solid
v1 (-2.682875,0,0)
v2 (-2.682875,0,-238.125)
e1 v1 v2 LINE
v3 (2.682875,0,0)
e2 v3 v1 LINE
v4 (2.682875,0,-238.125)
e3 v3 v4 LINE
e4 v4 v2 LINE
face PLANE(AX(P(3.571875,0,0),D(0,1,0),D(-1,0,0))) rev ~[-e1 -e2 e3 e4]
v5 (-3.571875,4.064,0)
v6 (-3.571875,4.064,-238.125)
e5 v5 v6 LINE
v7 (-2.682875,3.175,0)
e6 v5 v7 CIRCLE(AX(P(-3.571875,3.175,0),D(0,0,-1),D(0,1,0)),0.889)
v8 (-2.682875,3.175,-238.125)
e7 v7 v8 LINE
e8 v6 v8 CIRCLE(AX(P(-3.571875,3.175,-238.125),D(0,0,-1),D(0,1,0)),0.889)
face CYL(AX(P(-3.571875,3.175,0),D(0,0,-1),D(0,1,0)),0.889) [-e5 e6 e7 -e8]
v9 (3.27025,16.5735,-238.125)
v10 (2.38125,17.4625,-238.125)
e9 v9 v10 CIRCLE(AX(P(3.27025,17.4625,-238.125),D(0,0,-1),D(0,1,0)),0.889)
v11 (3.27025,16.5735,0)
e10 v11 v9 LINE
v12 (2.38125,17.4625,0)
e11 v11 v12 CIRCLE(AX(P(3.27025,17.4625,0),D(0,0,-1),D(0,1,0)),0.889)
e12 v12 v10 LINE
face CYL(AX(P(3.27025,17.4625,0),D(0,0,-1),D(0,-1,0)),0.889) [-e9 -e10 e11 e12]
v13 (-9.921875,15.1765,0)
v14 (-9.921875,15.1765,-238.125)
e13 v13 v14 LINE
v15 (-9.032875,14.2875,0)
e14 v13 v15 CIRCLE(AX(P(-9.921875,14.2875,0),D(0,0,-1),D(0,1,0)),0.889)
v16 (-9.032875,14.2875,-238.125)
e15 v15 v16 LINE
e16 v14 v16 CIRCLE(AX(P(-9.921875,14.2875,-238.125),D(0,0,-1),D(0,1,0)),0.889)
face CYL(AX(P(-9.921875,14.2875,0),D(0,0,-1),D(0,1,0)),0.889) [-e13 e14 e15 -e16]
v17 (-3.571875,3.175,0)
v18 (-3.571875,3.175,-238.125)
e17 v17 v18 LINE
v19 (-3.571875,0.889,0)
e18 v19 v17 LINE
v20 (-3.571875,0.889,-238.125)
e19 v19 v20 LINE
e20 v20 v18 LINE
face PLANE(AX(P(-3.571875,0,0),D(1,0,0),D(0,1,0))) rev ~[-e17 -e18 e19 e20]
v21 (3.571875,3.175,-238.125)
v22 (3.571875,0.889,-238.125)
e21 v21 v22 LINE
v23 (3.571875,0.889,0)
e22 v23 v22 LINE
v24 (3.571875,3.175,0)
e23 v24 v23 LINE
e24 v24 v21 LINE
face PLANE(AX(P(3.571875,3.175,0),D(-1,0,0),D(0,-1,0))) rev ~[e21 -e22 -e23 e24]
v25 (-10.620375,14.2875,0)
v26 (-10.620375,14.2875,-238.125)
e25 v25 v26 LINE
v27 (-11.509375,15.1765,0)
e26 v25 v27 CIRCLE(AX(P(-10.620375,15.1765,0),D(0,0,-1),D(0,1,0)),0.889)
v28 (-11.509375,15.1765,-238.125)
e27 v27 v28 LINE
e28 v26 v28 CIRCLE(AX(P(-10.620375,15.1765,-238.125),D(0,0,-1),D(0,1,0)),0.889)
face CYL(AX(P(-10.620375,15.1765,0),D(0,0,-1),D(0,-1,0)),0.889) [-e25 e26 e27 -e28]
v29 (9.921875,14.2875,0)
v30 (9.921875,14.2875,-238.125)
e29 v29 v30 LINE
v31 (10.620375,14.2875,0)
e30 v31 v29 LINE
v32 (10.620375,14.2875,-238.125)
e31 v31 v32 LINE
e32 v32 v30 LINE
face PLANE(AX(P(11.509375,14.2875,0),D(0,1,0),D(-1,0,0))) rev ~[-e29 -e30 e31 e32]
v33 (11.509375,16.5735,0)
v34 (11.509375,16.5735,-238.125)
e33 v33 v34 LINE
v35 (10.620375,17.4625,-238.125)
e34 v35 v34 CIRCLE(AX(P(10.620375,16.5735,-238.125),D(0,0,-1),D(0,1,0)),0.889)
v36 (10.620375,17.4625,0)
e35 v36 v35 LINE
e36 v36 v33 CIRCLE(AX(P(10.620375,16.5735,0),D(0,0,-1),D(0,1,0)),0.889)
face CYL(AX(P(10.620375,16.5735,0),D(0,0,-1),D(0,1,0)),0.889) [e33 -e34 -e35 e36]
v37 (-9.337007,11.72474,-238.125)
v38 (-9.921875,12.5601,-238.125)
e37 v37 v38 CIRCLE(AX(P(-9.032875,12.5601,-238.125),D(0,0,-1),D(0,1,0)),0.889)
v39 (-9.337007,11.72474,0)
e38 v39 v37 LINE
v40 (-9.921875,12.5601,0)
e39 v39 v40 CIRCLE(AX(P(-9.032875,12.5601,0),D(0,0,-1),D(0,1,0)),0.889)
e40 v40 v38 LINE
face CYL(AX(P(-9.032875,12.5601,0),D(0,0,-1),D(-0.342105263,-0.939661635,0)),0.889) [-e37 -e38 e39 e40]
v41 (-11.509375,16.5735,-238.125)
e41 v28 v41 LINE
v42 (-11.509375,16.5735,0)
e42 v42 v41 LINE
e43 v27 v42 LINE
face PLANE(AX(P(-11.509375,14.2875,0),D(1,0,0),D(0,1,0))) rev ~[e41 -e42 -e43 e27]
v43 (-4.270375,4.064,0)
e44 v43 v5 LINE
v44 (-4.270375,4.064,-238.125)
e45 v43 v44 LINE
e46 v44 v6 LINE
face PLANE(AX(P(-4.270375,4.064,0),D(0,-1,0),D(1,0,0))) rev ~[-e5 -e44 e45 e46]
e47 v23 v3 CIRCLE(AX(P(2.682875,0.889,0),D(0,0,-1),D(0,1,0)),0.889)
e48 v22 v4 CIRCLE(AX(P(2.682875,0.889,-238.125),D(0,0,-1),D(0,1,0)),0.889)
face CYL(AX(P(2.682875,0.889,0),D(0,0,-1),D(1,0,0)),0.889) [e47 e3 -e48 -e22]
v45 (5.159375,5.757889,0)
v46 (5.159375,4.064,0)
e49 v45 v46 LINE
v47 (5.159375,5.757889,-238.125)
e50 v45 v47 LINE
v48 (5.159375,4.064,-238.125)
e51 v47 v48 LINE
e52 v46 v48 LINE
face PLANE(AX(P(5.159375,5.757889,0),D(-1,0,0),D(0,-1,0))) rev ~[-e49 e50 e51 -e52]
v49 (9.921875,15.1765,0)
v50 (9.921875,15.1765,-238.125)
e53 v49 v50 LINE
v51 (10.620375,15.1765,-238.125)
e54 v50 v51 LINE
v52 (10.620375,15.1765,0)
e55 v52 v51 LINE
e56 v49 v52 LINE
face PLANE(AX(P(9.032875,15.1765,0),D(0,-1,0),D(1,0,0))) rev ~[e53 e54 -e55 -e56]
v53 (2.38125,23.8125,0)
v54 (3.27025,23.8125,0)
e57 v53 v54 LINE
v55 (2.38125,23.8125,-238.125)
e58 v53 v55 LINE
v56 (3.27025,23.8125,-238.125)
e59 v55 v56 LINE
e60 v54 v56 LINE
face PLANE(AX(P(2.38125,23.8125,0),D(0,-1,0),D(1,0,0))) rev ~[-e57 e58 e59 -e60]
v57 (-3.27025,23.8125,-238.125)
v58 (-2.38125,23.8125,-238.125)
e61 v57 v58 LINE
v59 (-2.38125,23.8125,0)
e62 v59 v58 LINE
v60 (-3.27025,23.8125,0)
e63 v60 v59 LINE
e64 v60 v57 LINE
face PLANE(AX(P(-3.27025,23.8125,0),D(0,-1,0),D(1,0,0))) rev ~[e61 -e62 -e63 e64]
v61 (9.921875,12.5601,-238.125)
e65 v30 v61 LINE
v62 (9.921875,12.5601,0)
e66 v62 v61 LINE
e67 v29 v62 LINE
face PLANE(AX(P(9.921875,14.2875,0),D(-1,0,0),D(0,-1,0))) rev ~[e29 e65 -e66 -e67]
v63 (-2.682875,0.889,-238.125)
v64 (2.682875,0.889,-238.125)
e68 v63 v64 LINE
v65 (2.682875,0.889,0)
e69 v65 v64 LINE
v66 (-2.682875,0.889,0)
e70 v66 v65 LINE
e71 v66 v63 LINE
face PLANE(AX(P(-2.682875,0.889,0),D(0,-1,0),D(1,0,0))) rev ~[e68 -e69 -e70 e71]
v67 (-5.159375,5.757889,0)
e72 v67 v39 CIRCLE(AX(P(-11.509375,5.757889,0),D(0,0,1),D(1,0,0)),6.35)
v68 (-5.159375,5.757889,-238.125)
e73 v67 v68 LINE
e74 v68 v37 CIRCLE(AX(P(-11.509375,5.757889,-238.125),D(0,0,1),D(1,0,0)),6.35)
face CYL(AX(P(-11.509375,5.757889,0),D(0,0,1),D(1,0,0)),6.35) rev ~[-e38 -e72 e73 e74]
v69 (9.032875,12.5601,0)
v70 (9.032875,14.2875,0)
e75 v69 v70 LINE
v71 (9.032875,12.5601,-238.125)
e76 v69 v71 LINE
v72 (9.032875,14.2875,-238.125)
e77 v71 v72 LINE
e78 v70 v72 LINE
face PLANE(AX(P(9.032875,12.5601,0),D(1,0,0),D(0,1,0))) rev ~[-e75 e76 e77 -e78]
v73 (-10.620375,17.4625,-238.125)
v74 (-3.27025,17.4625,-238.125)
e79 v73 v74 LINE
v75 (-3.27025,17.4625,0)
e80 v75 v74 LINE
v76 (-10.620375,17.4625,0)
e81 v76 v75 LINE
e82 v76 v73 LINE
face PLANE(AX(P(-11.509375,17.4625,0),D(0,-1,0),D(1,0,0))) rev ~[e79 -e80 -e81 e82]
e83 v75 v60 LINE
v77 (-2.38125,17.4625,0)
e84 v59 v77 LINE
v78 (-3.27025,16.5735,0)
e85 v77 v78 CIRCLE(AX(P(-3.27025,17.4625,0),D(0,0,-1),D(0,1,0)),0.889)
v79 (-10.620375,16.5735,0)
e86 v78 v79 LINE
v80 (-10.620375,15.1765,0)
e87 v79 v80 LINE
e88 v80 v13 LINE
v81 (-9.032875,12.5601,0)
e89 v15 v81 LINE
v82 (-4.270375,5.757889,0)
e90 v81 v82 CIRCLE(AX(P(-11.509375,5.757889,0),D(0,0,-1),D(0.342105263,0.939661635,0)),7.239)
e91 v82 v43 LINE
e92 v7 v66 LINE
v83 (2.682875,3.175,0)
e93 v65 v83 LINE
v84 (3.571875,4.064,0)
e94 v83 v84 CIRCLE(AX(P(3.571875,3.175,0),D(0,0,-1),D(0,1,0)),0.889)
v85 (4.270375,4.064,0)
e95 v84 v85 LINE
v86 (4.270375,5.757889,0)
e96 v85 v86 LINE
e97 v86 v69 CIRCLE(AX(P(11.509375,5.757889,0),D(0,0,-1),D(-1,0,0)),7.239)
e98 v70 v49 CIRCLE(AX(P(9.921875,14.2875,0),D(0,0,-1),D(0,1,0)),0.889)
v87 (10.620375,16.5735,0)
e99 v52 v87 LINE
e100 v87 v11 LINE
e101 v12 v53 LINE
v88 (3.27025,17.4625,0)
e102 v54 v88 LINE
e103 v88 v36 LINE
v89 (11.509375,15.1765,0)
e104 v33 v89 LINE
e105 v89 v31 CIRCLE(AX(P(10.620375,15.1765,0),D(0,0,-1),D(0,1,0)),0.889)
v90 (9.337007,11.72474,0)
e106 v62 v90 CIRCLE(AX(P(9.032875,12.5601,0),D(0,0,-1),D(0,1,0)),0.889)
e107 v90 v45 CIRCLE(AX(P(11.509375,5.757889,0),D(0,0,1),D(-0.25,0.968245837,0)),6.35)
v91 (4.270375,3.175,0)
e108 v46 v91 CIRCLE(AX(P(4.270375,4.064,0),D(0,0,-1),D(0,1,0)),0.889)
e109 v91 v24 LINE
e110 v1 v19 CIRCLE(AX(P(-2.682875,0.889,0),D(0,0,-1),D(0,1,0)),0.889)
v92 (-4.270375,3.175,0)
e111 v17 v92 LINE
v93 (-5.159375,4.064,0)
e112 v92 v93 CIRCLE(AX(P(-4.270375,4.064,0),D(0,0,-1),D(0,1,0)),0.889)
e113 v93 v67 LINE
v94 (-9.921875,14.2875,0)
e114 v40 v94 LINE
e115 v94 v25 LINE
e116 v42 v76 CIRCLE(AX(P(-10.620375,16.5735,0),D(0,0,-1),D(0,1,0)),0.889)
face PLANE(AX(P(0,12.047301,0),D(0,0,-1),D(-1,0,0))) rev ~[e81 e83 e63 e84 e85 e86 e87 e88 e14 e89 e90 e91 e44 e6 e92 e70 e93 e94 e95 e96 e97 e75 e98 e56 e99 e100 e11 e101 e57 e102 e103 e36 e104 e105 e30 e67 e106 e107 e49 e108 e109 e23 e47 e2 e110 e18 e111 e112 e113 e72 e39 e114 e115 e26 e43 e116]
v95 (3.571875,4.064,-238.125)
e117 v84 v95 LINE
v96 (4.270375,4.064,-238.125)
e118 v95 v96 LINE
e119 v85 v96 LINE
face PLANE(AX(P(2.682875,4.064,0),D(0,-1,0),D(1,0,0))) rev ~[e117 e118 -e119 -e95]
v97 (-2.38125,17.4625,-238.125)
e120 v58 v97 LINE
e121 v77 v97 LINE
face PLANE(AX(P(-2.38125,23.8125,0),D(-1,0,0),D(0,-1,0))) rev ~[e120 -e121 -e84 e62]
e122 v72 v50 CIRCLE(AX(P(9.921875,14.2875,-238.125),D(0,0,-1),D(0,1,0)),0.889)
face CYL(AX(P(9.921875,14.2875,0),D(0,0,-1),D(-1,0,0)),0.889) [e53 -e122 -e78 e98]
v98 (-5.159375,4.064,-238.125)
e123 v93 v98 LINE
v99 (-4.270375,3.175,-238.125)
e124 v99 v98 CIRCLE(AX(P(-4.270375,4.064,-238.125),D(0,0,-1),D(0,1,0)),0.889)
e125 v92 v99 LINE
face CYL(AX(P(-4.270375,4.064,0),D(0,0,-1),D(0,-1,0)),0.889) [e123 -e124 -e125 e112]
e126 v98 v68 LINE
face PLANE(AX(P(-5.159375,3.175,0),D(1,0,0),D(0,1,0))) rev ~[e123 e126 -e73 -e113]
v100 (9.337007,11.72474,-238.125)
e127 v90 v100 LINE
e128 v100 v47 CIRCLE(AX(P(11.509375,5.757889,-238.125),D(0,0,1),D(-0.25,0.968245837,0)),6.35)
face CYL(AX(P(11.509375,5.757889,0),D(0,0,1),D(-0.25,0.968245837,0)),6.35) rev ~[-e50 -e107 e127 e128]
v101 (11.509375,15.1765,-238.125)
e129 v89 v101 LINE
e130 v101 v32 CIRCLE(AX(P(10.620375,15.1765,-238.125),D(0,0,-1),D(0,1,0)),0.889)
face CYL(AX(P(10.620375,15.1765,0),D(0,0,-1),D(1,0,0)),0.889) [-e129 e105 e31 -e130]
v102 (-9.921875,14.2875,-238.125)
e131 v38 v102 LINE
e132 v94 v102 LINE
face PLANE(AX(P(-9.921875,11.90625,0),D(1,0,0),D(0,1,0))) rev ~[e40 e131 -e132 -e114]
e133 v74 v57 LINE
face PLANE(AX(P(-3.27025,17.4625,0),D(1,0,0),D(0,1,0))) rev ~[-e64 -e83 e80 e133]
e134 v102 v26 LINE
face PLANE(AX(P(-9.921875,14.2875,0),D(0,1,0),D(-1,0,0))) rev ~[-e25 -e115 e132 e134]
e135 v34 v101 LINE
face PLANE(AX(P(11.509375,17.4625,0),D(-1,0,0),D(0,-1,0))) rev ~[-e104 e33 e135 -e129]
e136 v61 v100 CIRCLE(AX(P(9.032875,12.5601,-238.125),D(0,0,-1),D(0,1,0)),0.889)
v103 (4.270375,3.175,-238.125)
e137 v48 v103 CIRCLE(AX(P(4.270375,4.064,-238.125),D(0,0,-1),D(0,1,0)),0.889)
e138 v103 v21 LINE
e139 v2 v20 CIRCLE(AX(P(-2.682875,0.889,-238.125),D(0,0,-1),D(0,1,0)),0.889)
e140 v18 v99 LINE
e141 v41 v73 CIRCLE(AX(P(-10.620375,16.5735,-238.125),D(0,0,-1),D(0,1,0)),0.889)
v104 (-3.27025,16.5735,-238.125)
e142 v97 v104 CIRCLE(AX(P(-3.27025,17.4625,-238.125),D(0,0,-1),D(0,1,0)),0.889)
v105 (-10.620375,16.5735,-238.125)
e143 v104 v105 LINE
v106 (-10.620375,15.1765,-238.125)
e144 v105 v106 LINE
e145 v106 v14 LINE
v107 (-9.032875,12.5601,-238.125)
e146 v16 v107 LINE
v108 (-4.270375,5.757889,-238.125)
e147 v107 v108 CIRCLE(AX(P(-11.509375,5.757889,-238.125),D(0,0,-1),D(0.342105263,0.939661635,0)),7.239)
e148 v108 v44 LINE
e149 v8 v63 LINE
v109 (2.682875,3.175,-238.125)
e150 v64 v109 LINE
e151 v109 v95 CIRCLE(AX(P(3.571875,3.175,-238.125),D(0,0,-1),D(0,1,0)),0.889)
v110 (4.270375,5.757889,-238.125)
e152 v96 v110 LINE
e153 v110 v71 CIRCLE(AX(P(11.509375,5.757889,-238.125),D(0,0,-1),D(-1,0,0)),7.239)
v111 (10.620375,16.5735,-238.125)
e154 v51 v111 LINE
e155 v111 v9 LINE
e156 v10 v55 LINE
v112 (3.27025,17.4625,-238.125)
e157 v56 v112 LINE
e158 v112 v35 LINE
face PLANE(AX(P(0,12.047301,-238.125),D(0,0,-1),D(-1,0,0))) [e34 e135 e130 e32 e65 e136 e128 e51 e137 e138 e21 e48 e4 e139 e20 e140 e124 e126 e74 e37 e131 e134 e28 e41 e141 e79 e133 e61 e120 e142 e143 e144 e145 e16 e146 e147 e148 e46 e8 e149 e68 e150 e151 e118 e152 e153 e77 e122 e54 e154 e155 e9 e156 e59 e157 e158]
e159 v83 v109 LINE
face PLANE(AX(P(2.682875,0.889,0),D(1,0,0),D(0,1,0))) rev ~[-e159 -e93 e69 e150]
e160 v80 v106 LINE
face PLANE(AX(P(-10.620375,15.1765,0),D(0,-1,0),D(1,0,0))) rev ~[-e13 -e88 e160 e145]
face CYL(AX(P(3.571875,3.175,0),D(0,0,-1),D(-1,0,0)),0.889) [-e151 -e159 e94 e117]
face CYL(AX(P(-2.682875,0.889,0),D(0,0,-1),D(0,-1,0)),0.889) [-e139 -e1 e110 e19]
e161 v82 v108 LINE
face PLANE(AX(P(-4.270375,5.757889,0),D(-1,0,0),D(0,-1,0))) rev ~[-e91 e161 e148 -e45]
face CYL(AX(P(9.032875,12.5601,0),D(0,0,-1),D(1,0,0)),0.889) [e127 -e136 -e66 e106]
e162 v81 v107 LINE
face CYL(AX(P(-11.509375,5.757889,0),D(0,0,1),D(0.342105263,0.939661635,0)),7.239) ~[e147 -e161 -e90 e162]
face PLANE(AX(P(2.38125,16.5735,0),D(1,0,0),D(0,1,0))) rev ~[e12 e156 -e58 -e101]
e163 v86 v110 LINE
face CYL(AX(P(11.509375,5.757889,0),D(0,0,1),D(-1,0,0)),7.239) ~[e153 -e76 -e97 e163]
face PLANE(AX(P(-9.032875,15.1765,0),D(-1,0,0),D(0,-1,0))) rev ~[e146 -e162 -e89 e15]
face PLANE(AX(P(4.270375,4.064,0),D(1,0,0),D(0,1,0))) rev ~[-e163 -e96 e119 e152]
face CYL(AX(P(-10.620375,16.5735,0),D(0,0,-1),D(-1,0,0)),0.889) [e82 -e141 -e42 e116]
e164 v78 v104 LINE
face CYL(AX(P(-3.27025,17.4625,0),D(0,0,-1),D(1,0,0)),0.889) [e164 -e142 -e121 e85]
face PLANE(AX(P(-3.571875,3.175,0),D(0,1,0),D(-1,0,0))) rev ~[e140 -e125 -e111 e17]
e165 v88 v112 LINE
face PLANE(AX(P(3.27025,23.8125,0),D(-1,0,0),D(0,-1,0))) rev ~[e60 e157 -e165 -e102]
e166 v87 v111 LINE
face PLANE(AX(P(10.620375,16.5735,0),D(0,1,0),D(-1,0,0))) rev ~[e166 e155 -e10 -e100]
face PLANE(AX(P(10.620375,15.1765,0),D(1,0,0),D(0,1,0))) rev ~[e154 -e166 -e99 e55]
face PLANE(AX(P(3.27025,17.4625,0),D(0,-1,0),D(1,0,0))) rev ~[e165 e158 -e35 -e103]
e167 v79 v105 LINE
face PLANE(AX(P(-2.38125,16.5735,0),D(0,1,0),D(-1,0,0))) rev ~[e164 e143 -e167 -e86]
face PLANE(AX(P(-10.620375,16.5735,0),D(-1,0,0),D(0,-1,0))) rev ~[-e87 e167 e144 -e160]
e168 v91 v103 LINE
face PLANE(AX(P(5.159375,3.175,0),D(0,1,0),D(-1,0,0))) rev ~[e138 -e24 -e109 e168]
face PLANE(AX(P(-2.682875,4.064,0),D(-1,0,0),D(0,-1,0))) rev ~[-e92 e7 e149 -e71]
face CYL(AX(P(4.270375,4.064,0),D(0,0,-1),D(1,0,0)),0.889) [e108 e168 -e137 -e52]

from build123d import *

# Parameters (mm, degrees)
EXTRUDE_THIN1_DEPTH = 238.125
FILLET1_R           = 0.889


with BuildPart() as part:
    # Sketch1 → Extrude-Thin1 (new body)
    with BuildSketch(Plane.XY):
        with BuildLine():
            Line((3.27025, 23.8125), (3.27025, 17.4625))
            Line((3.27025, 17.4625), (11.509375, 17.4625))
            Line((11.509375, 17.4625), (11.509375, 14.2875))
            Line((11.509375, 14.2875), (9.921875, 14.2875))
            Line((9.921875, 14.2875), (9.921875, 11.90625))
            ThreePointArc((9.921875, 11.90625), (6.489259214, 9.646453905), (5.159375, 5.757888938))
            Line((5.159375, 5.757888938), (5.159375, 3.175))
            Line((5.159375, 3.175), (3.571875, 3.175))
            Line((3.571875, 3.175), (3.571875, 0))
            Line((3.571875, 0), (-3.571875, 0))
            Line((-3.571875, 0), (-3.571875, 3.175))
            Line((-3.571875, 3.175), (-5.159375, 3.175))
            Line((-5.159375, 3.175), (-5.159375, 5.757888938))
            ThreePointArc((-5.159375, 5.757888938), (-6.489259214, 9.646453905), (-9.921875, 11.90625))
            Line((-9.921875, 11.90625), (-9.921875, 14.2875))
            Line((-9.921875, 14.2875), (-11.509375, 14.2875))
            Line((-11.509375, 14.2875), (-11.509375, 17.4625))
            Line((-11.509375, 17.4625), (-3.27025, 17.4625))
            Line((-3.27025, 17.4625), (-3.27025, 23.8125))
            Line((-3.27025, 23.8125), (-2.38125, 23.8125))
            Line((-2.38125, 23.8125), (-2.38125, 16.5735))
            Line((-2.38125, 16.5735), (-10.620375, 16.5735))
            Line((-10.620375, 16.5735), (-10.620375, 15.1765))
            Line((-10.620375, 15.1765), (-9.032875, 15.1765))
            Line((-9.032875, 15.1765), (-9.032875, 12.560099516))
            ThreePointArc((-9.032875, 12.560099516), (-5.579345299, 9.909740182), (-4.270375, 5.757888938))
            Line((-4.270375, 5.757888938), (-4.270375, 4.064))
            Line((-4.270375, 4.064), (-2.682875, 4.064))
            Line((-2.682875, 4.064), (-2.682875, 0.889))
            Line((-2.682875, 0.889), (2.682875, 0.889))
            Line((2.682875, 0.889), (2.682875, 4.064))
            Line((2.682875, 4.064), (4.270375, 4.064))
            Line((4.270375, 4.064), (4.270375, 5.757888938))
            ThreePointArc((4.270375, 5.757888938), (5.579345299, 9.909740182), (9.032875, 12.560099516))
            Line((9.032875, 12.560099516), (9.032875, 15.1765))
            Line((9.032875, 15.1765), (10.620375, 15.1765))
            Line((10.620375, 15.1765), (10.620375, 16.5735))
            Line((10.620375, 16.5735), (2.38125, 16.5735))
            Line((2.38125, 16.5735), (2.38125, 23.8125))
            Line((2.38125, 23.8125), (3.27025, 23.8125))
        make_face()
    extrude(amount=-EXTRUDE_THIN1_DEPTH)

    # Fillet1
    fillet1_edges = [part.edges().sort_by_distance(p)[0] for p in [
        (11.509375, 17.4625, -119.0625),
        (11.509375, 14.2875, -119.0625),
        (9.921875, 11.90625, -119.0625),
        (5.159375, 3.175, -119.0625),
        (3.571875, 0, -119.0625),
        (-3.571875, 0, -119.0625),
        (-5.159375, 3.175, -119.0625),
        (-9.921875, 11.90625, -119.0625),
        (-11.509375, 14.2875, -119.0625),
        (-11.509375, 17.4625, -119.0625),
        (-2.38125, 16.5735, -119.0625),
        (-9.032875, 15.1765, -119.0625),
        (-2.682875, 4.064, -119.0625),
        (2.682875, 4.064, -119.0625),
        (9.032875, 15.1765, -119.0625),
        (2.38125, 16.5735, -119.0625),
    ]]
    fillet(fillet1_edges, radius=FILLET1_R)


solid = part.part
